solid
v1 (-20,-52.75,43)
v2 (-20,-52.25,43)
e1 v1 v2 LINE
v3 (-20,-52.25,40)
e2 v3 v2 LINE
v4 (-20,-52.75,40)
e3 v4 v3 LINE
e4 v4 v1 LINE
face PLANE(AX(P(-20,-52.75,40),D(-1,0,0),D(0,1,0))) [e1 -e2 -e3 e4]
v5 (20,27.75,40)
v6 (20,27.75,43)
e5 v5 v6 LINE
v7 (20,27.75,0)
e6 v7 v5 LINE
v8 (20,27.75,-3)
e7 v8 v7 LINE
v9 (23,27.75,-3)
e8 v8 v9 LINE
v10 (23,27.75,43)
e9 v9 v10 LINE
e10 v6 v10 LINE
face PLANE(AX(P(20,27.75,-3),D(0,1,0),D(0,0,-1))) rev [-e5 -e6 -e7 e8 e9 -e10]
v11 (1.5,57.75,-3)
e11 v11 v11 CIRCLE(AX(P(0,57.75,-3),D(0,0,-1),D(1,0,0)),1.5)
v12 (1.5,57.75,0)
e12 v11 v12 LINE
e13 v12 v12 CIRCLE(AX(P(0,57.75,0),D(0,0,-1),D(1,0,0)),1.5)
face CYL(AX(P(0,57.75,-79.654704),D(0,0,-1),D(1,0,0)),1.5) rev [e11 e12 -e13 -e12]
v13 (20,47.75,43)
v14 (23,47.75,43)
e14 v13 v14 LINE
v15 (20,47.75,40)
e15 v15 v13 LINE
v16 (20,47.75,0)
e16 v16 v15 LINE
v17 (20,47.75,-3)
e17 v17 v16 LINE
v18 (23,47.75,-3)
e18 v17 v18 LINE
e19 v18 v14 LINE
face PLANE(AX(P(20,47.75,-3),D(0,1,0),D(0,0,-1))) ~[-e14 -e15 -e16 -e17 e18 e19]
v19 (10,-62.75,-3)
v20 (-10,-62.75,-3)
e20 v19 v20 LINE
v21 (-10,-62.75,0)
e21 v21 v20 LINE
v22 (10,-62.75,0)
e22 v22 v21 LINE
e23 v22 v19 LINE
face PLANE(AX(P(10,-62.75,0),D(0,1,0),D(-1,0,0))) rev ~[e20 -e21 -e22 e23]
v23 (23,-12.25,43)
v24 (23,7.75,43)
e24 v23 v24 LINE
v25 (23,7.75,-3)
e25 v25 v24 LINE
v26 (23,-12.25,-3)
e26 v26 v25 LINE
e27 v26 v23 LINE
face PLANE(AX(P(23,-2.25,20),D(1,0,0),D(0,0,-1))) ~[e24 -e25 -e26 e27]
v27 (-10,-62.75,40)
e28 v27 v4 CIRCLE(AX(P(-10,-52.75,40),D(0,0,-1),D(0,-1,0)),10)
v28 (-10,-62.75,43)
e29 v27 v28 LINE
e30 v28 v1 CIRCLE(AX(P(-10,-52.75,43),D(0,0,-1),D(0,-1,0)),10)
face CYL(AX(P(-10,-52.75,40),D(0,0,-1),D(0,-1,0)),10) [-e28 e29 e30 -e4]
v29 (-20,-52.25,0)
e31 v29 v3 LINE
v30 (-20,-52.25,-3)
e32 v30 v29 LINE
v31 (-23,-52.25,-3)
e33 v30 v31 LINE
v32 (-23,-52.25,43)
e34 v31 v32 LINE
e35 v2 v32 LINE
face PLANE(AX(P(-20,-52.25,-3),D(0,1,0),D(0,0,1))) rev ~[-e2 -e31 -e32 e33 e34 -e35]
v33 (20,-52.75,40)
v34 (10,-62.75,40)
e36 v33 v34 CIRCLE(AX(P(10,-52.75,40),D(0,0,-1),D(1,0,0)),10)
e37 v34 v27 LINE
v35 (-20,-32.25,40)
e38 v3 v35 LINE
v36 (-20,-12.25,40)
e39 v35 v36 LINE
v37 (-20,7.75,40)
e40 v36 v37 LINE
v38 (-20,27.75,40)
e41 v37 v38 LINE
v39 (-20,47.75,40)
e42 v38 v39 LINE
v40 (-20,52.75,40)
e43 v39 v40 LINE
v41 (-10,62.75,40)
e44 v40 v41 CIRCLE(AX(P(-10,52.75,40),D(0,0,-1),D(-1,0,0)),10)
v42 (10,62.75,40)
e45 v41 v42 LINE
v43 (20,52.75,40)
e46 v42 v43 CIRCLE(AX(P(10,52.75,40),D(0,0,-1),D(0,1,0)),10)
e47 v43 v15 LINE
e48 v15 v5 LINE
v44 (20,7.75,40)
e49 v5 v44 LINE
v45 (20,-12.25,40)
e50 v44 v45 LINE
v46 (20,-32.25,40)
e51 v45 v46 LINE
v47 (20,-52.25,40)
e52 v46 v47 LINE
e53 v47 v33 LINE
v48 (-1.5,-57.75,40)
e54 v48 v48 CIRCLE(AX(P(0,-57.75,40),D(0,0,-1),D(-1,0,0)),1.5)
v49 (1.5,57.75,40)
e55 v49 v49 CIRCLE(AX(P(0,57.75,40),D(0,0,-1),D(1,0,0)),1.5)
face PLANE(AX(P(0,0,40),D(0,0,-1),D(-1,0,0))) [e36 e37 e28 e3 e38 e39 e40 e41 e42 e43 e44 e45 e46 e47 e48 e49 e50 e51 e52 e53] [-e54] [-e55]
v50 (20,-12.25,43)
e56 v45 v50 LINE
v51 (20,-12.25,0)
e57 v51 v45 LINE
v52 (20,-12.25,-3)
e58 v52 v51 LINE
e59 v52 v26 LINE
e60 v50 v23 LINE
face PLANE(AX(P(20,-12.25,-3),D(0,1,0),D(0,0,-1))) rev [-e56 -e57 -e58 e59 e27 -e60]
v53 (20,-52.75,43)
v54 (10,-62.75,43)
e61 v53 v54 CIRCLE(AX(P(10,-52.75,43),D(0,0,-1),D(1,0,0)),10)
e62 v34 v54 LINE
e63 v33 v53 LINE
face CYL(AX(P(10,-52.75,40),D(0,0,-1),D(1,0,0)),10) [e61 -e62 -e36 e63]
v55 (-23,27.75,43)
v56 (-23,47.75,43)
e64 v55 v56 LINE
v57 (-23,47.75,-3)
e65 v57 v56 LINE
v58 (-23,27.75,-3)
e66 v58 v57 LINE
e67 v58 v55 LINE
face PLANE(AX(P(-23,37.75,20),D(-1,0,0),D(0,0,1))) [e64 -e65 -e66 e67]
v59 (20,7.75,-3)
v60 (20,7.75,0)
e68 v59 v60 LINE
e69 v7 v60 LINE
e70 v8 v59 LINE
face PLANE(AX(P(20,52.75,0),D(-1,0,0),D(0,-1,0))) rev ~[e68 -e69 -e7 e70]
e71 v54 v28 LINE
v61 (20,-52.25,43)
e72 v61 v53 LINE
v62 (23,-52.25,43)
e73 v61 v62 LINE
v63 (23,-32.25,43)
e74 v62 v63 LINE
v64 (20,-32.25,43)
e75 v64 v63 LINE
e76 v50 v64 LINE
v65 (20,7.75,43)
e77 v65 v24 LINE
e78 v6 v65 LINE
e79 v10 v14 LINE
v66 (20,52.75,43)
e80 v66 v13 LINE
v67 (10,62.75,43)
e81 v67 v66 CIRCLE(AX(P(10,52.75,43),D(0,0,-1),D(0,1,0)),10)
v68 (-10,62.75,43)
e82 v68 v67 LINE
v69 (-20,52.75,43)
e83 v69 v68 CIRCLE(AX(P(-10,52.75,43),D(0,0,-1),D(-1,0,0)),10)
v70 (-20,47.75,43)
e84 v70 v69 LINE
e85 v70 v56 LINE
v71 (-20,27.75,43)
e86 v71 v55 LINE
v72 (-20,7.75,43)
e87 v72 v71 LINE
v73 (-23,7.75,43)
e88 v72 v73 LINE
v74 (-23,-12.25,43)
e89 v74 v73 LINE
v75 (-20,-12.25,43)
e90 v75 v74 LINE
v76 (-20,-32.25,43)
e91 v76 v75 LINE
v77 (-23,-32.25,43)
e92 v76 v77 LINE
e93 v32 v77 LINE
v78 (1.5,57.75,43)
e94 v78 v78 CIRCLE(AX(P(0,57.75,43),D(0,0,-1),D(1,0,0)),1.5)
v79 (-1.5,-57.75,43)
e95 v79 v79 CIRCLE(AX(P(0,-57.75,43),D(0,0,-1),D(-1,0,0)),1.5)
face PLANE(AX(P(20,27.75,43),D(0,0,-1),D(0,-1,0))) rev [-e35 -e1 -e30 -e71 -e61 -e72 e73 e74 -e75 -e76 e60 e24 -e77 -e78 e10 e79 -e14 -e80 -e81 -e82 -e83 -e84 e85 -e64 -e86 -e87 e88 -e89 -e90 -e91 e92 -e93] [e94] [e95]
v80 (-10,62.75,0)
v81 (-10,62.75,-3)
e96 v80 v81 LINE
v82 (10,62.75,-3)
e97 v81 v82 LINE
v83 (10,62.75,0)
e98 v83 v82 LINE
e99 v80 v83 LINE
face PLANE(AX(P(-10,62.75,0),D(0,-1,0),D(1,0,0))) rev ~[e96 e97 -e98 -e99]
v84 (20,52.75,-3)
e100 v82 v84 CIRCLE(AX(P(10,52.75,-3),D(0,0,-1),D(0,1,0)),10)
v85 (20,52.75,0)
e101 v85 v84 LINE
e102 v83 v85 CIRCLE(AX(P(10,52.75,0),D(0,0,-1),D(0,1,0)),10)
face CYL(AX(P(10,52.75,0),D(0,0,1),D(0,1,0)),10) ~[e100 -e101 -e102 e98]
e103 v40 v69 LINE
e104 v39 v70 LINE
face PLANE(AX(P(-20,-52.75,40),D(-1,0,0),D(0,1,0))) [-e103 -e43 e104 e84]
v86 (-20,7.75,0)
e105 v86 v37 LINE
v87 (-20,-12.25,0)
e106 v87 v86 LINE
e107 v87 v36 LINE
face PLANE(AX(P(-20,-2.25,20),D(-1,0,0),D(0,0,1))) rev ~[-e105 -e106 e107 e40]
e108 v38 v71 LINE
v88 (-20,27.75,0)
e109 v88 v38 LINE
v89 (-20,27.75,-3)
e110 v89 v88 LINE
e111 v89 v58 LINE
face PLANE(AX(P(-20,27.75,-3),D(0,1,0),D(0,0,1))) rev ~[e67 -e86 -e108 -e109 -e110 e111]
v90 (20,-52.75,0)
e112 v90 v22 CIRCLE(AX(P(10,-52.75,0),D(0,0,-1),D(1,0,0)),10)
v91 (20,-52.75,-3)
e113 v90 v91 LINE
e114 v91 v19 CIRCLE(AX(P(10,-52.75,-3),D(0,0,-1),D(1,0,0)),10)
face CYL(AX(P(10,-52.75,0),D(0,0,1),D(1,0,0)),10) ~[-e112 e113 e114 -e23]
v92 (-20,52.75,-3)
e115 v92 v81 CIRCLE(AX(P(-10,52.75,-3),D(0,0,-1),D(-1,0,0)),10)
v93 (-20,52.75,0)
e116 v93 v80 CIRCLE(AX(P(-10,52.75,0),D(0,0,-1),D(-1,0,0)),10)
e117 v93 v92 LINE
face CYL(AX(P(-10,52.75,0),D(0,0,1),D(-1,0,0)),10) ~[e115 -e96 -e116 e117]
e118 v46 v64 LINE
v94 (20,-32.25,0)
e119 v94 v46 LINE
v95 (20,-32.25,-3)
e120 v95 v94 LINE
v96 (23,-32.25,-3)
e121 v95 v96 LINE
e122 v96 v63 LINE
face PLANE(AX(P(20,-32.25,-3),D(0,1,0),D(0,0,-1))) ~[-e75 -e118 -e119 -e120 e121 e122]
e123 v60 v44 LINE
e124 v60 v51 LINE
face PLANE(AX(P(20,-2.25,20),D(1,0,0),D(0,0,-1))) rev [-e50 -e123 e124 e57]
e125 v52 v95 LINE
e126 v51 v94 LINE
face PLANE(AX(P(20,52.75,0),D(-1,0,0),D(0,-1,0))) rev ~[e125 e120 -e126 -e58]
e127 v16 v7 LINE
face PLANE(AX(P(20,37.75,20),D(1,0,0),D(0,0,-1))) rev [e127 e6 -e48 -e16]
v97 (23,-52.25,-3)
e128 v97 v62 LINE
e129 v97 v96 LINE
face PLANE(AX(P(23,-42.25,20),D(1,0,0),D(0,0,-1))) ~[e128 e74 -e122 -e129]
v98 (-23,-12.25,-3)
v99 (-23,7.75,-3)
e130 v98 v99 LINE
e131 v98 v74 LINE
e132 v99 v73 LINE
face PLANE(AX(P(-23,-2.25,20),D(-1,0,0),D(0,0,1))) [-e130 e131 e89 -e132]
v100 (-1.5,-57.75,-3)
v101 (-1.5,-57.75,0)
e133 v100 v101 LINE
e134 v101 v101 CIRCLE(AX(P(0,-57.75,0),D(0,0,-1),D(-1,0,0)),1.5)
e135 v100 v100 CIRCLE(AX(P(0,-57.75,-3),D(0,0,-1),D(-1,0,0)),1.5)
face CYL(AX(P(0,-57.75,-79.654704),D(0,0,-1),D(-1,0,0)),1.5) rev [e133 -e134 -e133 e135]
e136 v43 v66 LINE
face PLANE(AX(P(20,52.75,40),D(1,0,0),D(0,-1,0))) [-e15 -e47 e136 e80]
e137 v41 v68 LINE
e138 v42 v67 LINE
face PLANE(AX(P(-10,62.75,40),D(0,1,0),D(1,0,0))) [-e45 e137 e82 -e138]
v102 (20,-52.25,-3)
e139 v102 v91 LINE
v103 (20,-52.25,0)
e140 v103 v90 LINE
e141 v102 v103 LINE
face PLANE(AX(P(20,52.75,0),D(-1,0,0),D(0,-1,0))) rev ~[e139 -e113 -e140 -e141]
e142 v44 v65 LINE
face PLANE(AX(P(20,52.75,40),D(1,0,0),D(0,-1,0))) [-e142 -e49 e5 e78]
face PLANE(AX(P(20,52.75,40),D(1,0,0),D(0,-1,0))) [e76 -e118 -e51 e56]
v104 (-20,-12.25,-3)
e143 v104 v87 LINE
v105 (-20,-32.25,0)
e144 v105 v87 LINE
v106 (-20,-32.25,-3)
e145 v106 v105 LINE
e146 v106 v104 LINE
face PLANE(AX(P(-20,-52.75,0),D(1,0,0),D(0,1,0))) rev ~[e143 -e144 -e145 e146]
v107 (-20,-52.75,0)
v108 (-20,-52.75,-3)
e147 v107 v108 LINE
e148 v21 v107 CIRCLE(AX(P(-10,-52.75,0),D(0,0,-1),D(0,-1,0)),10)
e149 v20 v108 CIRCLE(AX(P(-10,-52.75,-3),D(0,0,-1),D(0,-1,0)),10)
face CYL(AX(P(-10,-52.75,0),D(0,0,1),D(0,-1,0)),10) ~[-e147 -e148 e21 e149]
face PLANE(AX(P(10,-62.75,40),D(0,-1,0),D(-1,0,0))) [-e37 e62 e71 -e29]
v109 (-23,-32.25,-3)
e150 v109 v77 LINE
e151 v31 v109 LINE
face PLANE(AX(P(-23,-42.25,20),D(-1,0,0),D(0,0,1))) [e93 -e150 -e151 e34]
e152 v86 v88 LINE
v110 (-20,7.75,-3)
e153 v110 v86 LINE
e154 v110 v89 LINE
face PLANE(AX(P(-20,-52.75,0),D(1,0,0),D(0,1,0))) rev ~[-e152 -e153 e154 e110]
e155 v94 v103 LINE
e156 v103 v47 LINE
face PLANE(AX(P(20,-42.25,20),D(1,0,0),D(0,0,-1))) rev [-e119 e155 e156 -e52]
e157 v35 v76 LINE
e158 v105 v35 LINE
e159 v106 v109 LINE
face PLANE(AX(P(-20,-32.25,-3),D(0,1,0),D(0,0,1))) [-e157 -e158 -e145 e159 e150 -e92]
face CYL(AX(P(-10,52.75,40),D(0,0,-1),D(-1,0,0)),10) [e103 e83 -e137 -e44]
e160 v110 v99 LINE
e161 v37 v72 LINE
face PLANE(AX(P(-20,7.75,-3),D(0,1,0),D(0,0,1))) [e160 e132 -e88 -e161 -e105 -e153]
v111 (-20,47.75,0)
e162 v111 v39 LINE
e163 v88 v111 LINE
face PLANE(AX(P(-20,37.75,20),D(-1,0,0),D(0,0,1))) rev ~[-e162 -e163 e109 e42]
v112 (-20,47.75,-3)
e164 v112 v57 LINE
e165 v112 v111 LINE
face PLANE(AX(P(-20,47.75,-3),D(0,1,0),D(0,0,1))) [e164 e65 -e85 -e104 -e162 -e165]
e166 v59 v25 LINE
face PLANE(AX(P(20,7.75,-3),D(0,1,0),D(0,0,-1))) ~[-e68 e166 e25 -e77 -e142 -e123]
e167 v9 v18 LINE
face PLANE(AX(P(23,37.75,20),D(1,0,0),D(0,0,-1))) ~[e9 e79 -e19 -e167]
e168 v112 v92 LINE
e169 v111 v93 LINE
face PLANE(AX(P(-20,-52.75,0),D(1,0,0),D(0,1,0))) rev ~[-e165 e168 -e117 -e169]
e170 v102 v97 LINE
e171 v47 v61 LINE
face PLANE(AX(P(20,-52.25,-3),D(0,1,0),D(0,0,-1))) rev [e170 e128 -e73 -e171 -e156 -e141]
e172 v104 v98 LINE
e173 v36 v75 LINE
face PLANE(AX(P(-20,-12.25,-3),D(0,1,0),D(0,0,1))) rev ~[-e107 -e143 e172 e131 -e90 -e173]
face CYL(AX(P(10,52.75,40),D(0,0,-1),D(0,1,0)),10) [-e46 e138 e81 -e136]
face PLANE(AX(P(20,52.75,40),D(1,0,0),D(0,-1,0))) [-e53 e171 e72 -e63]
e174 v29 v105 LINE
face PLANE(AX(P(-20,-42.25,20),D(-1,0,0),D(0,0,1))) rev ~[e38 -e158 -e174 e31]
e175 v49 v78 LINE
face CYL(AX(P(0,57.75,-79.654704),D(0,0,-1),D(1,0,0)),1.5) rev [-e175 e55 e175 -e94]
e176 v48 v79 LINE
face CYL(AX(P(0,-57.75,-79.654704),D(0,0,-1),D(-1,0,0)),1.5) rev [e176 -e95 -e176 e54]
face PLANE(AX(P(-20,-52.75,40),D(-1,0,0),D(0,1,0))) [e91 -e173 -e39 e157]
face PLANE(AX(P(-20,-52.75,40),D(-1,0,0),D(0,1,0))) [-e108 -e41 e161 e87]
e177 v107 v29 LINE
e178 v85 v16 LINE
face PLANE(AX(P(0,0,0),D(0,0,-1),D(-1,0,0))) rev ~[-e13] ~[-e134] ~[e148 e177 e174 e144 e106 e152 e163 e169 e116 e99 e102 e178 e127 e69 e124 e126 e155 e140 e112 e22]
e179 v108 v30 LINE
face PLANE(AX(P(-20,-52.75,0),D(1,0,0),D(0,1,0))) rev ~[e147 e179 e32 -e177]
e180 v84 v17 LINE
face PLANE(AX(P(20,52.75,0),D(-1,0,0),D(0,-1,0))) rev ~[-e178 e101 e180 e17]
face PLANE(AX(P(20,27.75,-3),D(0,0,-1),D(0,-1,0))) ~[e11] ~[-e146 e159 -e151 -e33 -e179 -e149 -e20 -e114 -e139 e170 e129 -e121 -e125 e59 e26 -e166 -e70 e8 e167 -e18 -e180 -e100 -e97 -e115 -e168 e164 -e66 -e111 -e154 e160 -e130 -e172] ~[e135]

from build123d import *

# Parameters (mm, degrees)
BOSS_EXTRUDE1_START     = 40
BOSS_EXTRUDE1_DEPTH     = 3
BOSS_EXTRUDE2_DEPTH     = 3
CUT_EXTRUDE1_DEPTH      = 79.654704246
CUT_EXTRUDE1_DEPTH_BACK = 79.654704246
SKETCH2_R               = 1.5
SKETCH3_W               = 46
SKETCH3_H               = 20
BOSS_EXTRUDE4_DEPTH     = 3


with BuildPart() as part:
    # Sketch1 → Boss-Extrude1 (new body)
    with BuildSketch(Plane.XY.offset(BOSS_EXTRUDE1_START)):
        with BuildLine():
            Line((-10, 62.75), (10, 62.75))
            ThreePointArc((10, 62.75), (17.071067812, 59.821067812), (20, 52.75))
            Line((20, 52.75), (20, -52.75))
            ThreePointArc((20, -52.75), (17.071067812, -59.821067812), (10, -62.75))
            Line((10, -62.75), (-10, -62.75))
            ThreePointArc((-10, -62.75), (-17.071067812, -59.821067812), (-20, -52.75))
            Line((-20, -52.75), (-20, 52.75))
            ThreePointArc((-20, 52.75), (-17.071067812, 59.821067812), (-10, 62.75))
        make_face()
    extrude(amount=BOSS_EXTRUDE1_DEPTH)


with BuildPart() as body_2:
    # Sketch1<3> → Boss-Extrude2 (new body)
    with BuildSketch(Plane.XY):
        with BuildLine():
            Line((-10, 62.75), (10, 62.75))
            ThreePointArc((10, 62.75), (17.071067812, 59.821067812), (20, 52.75))
            Line((20, 52.75), (20, -52.75))
            ThreePointArc((20, -52.75), (17.071067812, -59.821067812), (10, -62.75))
            Line((10, -62.75), (-10, -62.75))
            ThreePointArc((-10, -62.75), (-17.071067812, -59.821067812), (-20, -52.75))
            Line((-20, -52.75), (-20, 52.75))
            ThreePointArc((-20, 52.75), (-17.071067812, 59.821067812), (-10, 62.75))
        make_face()
    extrude(amount=-BOSS_EXTRUDE2_DEPTH)


with BuildPart() as cut_extrude1_tool:
    # Sketch2 → Cut-Extrude1 (new, two sides: drawn at the far end of the back side and taken through both)
    with BuildSketch(Plane.XY.offset(-CUT_EXTRUDE1_DEPTH_BACK)):
        with Locations((0, 57.75)):
            Circle(SKETCH2_R)
        with Locations((0, -57.75)):
            Circle(SKETCH2_R)
    extrude(amount=CUT_EXTRUDE1_DEPTH + CUT_EXTRUDE1_DEPTH_BACK)


with BuildPart() as part_1:
    add(part.part)

    # Cut-Extrude1: cut by cut_extrude1_tool
    add(cut_extrude1_tool.part, mode=Mode.SUBTRACT)



with BuildPart() as body_2_1:
    add(body_2.part)

    # Cut-Extrude1: cut by cut_extrude1_tool
    add(cut_extrude1_tool.part, mode=Mode.SUBTRACT)


with BuildPart() as part_2:
    add(part_1.part)

    add(body_2_1.part)  # Boss-Extrude4 merges body 2
    # Sketch3 → Boss-Extrude4 (add)
    with BuildSketch(Plane.ZY.offset(20)):
        with Locations((20, 37.75)):
            Rectangle(SKETCH3_W, SKETCH3_H)
        with Locations((20, -2.25)):
            Rectangle(SKETCH3_W, SKETCH3_H)
        with Locations((20, -42.25)):
            Rectangle(SKETCH3_W, SKETCH3_H)
    boss_extrude4 = extrude(amount=BOSS_EXTRUDE4_DEPTH)

    # Mirror1: Boss-Extrude4 across plane
    add(boss_extrude4.mirror(Plane(origin=(0, 0, 0), x_dir=(0, 0, 1), z_dir=(1, 0, 0))))


solid = part_2.part
